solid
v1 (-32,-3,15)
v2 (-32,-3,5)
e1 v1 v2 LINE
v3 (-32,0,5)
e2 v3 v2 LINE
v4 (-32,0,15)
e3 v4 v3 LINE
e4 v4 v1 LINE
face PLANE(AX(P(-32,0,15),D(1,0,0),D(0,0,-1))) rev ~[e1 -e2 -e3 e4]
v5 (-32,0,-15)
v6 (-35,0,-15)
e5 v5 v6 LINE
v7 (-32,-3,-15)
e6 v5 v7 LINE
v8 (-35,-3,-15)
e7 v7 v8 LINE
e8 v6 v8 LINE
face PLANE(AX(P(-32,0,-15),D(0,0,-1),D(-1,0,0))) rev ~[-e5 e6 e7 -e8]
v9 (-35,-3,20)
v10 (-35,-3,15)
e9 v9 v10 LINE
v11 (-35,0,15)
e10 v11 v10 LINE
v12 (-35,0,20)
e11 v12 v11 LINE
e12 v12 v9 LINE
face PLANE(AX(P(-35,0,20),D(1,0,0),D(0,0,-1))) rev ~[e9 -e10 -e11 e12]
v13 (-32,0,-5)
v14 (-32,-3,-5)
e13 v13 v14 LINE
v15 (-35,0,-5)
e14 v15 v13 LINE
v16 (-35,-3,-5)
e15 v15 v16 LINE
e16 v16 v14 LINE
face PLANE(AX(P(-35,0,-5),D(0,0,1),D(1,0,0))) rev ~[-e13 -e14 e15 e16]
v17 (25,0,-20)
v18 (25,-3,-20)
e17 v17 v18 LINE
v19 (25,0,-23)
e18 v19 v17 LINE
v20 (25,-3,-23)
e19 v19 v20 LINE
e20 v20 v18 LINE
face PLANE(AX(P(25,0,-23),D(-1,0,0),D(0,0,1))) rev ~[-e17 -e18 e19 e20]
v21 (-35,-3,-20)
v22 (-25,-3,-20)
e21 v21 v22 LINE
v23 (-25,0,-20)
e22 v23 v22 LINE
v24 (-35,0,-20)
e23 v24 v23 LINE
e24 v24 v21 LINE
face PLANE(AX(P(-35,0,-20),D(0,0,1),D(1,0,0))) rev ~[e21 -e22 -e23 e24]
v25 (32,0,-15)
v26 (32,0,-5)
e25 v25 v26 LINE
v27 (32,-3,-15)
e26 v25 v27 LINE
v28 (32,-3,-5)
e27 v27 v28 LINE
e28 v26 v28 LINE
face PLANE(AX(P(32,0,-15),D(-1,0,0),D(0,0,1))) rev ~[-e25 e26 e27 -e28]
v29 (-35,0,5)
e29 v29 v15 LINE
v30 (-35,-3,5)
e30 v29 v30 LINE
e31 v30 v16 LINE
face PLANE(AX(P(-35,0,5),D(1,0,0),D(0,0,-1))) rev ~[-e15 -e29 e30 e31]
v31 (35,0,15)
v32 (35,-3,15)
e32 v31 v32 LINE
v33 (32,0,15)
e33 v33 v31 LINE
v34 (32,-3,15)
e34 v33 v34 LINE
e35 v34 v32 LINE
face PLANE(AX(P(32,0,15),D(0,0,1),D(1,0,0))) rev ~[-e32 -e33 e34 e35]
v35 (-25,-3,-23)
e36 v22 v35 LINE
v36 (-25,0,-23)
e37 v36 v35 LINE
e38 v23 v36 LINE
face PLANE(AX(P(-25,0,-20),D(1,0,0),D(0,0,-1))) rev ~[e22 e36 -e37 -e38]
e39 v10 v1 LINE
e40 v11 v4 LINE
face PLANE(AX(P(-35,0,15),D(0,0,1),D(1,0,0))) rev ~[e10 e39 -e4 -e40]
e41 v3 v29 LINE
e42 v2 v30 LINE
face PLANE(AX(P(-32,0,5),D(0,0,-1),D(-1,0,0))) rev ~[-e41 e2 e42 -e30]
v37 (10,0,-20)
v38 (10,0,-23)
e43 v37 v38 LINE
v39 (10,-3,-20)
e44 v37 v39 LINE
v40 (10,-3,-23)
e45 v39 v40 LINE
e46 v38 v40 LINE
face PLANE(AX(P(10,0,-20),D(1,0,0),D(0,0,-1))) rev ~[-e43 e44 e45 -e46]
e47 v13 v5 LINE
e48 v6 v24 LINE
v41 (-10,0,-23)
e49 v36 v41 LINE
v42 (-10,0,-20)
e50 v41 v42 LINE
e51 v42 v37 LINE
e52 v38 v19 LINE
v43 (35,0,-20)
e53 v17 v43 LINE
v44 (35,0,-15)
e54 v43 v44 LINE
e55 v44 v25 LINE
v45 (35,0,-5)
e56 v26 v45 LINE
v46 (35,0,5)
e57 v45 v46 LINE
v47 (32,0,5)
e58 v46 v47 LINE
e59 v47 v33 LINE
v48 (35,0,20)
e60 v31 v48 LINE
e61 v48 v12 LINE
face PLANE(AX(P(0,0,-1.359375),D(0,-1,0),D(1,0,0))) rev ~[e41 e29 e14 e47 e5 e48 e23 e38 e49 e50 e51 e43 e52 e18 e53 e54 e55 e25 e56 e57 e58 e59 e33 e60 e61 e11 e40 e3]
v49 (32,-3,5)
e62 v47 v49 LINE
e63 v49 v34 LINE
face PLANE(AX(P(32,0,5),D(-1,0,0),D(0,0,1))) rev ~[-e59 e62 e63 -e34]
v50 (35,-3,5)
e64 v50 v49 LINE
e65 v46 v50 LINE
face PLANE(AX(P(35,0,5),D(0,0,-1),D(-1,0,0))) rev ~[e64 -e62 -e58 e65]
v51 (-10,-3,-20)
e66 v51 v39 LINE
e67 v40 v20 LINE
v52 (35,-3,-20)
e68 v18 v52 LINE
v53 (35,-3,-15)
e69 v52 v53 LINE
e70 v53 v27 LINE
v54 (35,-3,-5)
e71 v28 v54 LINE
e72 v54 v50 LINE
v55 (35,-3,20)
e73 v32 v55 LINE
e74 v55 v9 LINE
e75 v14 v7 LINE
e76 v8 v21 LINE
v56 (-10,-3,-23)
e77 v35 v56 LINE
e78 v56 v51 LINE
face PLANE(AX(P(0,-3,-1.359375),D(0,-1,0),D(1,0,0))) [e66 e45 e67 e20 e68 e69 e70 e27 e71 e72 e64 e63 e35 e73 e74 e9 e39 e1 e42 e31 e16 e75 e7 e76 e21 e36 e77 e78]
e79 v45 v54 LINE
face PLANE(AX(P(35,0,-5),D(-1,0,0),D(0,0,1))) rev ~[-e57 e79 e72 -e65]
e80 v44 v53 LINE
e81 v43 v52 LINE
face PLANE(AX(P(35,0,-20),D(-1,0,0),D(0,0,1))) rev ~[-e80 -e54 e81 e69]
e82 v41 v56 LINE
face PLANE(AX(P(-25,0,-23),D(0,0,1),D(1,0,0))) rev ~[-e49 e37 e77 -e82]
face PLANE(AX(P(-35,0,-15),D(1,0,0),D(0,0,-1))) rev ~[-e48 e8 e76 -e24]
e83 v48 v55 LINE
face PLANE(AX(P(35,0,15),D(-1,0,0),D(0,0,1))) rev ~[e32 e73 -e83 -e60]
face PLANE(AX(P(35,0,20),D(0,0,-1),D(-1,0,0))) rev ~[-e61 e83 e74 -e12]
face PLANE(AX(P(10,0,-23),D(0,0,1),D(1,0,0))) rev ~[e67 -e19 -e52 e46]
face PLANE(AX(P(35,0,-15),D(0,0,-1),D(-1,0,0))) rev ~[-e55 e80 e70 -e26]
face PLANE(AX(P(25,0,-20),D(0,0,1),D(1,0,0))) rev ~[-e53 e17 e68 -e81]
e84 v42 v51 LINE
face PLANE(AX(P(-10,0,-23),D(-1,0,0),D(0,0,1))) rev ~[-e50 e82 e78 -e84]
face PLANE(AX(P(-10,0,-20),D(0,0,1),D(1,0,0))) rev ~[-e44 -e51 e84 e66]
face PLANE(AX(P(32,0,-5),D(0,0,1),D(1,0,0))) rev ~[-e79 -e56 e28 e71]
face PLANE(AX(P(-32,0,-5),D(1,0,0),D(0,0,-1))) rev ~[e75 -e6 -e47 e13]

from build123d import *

# Parameters (mm, degrees)
F1_DEPTH = 3


with BuildPart() as f1:
    # F0 (on Front) → F1 (new body)
    with BuildSketch(Plane.XZ):
        Polygon((25, -20), (35, -20), (35, -15), (32, -15), (32, -5), (35, -5), (35, 5), (32, 5), (32, 15), (35, 15), (35, 20), (-35, 20), (-35, 15), (-32, 15), (-32, 5), (-35, 5), (-35, -5), (-32, -5), (-32, -15), (-35, -15), (-35, -20), (-25, -20), (-25, -23), (-10, -23), (-10, -20), (10, -20), (10, -23), (25, -23), align=None)
    extrude(amount=F1_DEPTH)


solid = f1.part
